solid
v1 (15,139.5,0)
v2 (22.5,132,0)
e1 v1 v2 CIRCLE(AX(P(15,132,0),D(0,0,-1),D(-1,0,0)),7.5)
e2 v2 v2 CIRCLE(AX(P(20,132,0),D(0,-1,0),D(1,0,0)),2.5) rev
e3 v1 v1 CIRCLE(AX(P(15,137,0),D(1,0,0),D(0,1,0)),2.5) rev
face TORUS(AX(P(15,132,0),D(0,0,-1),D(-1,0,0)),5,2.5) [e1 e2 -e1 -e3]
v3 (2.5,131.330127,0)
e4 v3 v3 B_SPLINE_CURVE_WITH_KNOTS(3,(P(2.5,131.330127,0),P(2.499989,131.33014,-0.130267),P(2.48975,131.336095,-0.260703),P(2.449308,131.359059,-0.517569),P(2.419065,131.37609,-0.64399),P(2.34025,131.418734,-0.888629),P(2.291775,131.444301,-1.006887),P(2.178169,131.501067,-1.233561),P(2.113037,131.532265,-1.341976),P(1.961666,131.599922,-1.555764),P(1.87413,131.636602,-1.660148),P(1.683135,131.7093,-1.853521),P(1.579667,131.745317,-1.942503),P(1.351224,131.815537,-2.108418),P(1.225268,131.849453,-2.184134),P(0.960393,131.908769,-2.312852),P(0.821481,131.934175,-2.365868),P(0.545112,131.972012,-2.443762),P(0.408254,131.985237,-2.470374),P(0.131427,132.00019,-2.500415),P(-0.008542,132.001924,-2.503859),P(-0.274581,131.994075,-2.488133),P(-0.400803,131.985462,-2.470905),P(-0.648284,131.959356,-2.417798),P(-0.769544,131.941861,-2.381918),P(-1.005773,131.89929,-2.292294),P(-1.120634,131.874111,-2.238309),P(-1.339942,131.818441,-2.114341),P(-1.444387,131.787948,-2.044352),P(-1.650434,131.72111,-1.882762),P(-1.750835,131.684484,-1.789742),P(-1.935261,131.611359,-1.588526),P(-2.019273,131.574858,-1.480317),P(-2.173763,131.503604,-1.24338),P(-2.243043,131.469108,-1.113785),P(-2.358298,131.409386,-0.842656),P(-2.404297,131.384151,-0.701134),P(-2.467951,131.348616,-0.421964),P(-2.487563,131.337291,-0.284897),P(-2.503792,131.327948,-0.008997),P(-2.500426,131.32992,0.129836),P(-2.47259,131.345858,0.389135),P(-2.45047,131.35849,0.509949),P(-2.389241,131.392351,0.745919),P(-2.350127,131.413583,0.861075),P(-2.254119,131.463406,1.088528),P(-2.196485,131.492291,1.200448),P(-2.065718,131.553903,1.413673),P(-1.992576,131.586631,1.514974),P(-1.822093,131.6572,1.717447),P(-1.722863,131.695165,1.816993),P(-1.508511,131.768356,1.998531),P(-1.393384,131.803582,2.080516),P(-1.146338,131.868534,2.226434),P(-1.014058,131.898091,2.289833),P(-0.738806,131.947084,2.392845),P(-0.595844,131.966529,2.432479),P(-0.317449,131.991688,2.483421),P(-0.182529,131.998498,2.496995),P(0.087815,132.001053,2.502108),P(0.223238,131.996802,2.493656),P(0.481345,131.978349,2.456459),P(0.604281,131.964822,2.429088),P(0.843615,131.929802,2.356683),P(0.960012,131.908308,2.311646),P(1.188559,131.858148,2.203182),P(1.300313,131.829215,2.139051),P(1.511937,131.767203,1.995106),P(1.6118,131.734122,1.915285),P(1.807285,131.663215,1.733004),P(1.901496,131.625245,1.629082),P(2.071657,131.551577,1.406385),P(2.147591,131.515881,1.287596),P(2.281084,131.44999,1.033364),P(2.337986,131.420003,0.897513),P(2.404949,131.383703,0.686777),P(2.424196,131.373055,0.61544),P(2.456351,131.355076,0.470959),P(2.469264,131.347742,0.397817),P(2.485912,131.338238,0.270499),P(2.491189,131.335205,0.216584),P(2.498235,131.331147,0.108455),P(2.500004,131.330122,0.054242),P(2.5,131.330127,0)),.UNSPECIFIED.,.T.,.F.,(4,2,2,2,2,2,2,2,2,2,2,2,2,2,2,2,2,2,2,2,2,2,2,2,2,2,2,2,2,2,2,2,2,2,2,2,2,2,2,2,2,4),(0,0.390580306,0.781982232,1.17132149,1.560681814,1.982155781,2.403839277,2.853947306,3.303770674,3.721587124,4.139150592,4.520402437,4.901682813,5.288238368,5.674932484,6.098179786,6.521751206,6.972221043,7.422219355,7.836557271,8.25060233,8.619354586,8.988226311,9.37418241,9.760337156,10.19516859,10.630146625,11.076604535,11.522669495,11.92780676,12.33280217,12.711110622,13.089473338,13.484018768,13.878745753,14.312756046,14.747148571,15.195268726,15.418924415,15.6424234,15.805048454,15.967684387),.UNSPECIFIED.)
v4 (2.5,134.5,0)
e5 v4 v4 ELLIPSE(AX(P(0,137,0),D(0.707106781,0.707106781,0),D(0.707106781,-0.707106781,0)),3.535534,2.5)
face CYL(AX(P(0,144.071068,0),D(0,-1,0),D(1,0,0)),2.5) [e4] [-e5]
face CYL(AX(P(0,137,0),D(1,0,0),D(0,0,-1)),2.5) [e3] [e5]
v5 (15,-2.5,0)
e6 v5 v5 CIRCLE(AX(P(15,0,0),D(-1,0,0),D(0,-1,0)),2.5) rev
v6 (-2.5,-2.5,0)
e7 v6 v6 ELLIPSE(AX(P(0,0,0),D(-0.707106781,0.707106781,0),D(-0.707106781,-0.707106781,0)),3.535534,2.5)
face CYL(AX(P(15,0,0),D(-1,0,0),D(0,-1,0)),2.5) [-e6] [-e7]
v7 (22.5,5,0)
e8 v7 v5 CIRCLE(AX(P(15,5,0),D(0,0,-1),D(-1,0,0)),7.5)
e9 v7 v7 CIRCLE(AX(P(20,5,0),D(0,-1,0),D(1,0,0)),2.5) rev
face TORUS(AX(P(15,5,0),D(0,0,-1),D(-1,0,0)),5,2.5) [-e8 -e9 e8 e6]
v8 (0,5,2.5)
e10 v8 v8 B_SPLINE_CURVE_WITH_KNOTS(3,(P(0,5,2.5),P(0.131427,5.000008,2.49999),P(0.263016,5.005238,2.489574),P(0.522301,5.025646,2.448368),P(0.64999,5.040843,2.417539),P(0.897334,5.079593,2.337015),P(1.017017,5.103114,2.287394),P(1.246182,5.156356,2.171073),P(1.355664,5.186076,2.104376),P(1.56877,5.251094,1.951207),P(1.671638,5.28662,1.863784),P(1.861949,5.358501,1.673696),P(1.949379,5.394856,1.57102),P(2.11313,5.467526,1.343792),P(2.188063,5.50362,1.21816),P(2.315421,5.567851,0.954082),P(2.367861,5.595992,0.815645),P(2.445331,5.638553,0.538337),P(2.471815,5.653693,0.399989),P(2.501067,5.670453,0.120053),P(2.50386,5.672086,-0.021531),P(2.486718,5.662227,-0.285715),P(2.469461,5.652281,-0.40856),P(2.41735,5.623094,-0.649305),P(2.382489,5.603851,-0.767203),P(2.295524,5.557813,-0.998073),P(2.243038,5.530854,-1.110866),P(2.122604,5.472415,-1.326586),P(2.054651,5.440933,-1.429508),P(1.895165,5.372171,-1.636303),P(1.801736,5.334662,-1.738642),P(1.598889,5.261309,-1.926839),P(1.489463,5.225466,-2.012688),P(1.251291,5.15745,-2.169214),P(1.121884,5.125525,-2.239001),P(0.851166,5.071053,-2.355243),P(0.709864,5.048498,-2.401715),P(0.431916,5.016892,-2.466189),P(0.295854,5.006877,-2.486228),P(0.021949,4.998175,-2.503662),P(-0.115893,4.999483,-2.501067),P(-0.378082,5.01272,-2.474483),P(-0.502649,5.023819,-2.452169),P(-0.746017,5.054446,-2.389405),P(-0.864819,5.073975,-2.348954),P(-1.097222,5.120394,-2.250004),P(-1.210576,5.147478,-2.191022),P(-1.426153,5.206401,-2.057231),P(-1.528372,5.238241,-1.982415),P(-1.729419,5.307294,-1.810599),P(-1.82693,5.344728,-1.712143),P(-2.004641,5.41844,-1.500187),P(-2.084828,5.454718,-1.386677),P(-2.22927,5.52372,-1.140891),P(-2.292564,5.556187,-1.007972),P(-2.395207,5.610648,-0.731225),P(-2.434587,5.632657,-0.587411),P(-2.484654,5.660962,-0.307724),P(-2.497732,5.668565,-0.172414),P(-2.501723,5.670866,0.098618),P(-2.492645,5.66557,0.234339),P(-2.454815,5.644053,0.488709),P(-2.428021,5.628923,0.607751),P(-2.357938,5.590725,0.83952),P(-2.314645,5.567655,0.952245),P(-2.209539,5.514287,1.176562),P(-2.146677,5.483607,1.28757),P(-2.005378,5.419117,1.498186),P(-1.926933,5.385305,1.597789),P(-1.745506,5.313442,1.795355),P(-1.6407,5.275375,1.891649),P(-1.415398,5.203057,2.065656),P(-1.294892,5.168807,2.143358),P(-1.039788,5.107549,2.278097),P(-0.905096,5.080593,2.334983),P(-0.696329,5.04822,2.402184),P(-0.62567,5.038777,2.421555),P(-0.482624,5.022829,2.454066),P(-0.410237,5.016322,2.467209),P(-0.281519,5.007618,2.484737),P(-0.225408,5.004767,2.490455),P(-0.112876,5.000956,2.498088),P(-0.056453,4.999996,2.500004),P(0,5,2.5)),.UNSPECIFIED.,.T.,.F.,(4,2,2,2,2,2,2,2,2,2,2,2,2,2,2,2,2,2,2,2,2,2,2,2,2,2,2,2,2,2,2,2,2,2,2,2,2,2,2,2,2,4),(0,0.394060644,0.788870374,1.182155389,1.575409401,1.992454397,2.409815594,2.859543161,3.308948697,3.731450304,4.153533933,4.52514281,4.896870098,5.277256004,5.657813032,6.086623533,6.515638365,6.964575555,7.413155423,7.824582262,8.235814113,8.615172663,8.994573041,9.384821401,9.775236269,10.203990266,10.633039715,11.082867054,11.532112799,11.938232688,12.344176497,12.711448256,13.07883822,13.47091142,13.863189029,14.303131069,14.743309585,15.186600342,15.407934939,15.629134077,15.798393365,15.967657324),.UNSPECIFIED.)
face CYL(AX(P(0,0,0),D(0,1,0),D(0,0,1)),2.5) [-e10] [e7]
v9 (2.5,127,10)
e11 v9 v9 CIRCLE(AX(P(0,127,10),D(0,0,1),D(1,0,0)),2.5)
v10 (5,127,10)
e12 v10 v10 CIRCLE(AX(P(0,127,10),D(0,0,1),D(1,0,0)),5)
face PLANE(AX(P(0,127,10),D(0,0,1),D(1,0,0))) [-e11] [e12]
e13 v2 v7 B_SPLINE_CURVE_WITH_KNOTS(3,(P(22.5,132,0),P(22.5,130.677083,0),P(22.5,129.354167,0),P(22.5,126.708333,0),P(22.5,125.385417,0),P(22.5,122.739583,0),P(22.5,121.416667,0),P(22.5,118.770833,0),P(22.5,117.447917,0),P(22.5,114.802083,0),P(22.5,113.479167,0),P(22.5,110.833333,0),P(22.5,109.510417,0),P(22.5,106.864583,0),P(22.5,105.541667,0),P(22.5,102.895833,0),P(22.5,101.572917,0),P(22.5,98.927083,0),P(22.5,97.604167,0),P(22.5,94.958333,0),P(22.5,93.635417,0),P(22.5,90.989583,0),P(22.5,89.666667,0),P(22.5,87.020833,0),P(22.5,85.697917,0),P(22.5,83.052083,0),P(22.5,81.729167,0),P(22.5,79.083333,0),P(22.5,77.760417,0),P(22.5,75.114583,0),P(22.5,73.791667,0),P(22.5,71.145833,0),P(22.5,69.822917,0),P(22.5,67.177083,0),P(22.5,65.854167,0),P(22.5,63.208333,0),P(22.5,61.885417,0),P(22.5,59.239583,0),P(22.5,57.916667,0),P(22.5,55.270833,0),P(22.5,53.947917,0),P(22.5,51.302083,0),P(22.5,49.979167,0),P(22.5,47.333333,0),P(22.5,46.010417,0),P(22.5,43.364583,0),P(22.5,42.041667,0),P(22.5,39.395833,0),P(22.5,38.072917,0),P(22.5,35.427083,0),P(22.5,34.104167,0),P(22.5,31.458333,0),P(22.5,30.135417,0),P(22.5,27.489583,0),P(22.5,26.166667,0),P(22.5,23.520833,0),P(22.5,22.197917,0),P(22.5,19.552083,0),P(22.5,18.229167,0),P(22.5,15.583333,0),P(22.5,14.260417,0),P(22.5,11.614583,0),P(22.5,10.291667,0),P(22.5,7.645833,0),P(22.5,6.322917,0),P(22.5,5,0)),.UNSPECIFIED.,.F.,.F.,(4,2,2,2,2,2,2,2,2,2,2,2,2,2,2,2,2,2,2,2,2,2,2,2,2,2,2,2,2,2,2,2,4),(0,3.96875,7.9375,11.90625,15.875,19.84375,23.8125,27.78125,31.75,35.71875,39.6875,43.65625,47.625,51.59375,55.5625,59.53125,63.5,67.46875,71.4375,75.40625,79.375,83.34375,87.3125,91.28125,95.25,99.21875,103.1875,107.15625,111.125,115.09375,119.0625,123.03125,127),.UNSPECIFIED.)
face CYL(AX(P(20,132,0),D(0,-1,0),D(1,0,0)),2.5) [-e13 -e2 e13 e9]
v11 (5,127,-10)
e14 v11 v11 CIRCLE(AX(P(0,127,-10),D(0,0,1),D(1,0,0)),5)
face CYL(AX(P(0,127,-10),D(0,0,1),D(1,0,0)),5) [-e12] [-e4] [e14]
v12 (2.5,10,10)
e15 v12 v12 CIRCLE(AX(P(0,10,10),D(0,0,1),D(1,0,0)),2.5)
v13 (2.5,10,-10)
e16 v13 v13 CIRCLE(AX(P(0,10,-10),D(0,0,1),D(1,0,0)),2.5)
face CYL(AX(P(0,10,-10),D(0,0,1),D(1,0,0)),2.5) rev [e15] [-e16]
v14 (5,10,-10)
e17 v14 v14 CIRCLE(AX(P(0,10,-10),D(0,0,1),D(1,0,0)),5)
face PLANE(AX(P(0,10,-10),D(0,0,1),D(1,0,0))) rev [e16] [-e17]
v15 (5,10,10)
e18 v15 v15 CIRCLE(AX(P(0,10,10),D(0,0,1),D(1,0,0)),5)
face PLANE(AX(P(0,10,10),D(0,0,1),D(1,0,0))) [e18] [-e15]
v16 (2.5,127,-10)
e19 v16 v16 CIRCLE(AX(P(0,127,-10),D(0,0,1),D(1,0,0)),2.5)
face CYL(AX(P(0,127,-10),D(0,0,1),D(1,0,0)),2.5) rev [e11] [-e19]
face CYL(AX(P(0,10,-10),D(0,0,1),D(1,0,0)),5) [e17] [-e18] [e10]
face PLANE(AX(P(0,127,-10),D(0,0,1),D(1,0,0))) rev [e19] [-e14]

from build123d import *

# Parameters (mm, degrees)
ESQUISSE2_R             = 2.5
BOSS_EXTRU_1_DEPTH      = 10
BOSS_EXTRU_1_DEPTH_BACK = 10
ESQUISSE3_R             = 5
ESQUISSE3_R_2           = 2.5
ESQUISSE5_R             = 2.5
ENL_V_MAT_EXTRU_1_DEPTH = 143.711247056


with BuildPart() as part:
    # Balayage1: sweep along a path in Esquisse1
    with BuildLine(Plane.XY) as balayage1_path:
        Line((0, 127), (0, 137))
        Line((0, 137), (15, 137))
        ThreePointArc((15, 137), (18.535533906, 135.535533906), (20, 132))
        Line((20, 132), (20, 5))
        ThreePointArc((20, 5), (18.535533906, 1.464466094), (15, 0))
        Line((15, 0), (0, 0))
        Line((0, 0), (0, 10))
    # Esquisse2 → Balayage1 (sweep)
    with BuildSketch(Plane(origin=(0, 127, 0), x_dir=(1, 0, 0), z_dir=(0, 1, 0))):
        Circle(ESQUISSE2_R)
    sweep(path=balayage1_path.line, transition=Transition.RIGHT)

    # Esquisse3 → Boss.-Extru.1 (add, two sides: drawn at the far end of the back side and taken through both)
    # profile 1 of 2: a face of its own
    with BuildSketch(Plane.XY.offset(-BOSS_EXTRU_1_DEPTH_BACK)):
        with Locations((0, 127)):
            Circle(ESQUISSE3_R)
        with Locations((0, 127)):
            Circle(ESQUISSE3_R_2, mode=Mode.SUBTRACT)
    # profile 2 of 2: a face of its own
    with BuildSketch(Plane.XY.offset(-BOSS_EXTRU_1_DEPTH_BACK)):
        with Locations((0, 10)):
            Circle(ESQUISSE3_R)
        with Locations((0, 10)):
            Circle(ESQUISSE3_R_2, mode=Mode.SUBTRACT)
    extrude(amount=BOSS_EXTRU_1_DEPTH + BOSS_EXTRU_1_DEPTH_BACK)

    # Esquisse5 → Enlèv. mat.-Extru.1 (cut, through all)
    with BuildSketch(Plane.XY.offset(10)):
        with Locations((0, 127)):
            Circle(ESQUISSE5_R)
        with Locations((0, 10)):
            Circle(ESQUISSE5_R)
    extrude(amount=-ENL_V_MAT_EXTRU_1_DEPTH, mode=Mode.SUBTRACT)


solid = part.part
